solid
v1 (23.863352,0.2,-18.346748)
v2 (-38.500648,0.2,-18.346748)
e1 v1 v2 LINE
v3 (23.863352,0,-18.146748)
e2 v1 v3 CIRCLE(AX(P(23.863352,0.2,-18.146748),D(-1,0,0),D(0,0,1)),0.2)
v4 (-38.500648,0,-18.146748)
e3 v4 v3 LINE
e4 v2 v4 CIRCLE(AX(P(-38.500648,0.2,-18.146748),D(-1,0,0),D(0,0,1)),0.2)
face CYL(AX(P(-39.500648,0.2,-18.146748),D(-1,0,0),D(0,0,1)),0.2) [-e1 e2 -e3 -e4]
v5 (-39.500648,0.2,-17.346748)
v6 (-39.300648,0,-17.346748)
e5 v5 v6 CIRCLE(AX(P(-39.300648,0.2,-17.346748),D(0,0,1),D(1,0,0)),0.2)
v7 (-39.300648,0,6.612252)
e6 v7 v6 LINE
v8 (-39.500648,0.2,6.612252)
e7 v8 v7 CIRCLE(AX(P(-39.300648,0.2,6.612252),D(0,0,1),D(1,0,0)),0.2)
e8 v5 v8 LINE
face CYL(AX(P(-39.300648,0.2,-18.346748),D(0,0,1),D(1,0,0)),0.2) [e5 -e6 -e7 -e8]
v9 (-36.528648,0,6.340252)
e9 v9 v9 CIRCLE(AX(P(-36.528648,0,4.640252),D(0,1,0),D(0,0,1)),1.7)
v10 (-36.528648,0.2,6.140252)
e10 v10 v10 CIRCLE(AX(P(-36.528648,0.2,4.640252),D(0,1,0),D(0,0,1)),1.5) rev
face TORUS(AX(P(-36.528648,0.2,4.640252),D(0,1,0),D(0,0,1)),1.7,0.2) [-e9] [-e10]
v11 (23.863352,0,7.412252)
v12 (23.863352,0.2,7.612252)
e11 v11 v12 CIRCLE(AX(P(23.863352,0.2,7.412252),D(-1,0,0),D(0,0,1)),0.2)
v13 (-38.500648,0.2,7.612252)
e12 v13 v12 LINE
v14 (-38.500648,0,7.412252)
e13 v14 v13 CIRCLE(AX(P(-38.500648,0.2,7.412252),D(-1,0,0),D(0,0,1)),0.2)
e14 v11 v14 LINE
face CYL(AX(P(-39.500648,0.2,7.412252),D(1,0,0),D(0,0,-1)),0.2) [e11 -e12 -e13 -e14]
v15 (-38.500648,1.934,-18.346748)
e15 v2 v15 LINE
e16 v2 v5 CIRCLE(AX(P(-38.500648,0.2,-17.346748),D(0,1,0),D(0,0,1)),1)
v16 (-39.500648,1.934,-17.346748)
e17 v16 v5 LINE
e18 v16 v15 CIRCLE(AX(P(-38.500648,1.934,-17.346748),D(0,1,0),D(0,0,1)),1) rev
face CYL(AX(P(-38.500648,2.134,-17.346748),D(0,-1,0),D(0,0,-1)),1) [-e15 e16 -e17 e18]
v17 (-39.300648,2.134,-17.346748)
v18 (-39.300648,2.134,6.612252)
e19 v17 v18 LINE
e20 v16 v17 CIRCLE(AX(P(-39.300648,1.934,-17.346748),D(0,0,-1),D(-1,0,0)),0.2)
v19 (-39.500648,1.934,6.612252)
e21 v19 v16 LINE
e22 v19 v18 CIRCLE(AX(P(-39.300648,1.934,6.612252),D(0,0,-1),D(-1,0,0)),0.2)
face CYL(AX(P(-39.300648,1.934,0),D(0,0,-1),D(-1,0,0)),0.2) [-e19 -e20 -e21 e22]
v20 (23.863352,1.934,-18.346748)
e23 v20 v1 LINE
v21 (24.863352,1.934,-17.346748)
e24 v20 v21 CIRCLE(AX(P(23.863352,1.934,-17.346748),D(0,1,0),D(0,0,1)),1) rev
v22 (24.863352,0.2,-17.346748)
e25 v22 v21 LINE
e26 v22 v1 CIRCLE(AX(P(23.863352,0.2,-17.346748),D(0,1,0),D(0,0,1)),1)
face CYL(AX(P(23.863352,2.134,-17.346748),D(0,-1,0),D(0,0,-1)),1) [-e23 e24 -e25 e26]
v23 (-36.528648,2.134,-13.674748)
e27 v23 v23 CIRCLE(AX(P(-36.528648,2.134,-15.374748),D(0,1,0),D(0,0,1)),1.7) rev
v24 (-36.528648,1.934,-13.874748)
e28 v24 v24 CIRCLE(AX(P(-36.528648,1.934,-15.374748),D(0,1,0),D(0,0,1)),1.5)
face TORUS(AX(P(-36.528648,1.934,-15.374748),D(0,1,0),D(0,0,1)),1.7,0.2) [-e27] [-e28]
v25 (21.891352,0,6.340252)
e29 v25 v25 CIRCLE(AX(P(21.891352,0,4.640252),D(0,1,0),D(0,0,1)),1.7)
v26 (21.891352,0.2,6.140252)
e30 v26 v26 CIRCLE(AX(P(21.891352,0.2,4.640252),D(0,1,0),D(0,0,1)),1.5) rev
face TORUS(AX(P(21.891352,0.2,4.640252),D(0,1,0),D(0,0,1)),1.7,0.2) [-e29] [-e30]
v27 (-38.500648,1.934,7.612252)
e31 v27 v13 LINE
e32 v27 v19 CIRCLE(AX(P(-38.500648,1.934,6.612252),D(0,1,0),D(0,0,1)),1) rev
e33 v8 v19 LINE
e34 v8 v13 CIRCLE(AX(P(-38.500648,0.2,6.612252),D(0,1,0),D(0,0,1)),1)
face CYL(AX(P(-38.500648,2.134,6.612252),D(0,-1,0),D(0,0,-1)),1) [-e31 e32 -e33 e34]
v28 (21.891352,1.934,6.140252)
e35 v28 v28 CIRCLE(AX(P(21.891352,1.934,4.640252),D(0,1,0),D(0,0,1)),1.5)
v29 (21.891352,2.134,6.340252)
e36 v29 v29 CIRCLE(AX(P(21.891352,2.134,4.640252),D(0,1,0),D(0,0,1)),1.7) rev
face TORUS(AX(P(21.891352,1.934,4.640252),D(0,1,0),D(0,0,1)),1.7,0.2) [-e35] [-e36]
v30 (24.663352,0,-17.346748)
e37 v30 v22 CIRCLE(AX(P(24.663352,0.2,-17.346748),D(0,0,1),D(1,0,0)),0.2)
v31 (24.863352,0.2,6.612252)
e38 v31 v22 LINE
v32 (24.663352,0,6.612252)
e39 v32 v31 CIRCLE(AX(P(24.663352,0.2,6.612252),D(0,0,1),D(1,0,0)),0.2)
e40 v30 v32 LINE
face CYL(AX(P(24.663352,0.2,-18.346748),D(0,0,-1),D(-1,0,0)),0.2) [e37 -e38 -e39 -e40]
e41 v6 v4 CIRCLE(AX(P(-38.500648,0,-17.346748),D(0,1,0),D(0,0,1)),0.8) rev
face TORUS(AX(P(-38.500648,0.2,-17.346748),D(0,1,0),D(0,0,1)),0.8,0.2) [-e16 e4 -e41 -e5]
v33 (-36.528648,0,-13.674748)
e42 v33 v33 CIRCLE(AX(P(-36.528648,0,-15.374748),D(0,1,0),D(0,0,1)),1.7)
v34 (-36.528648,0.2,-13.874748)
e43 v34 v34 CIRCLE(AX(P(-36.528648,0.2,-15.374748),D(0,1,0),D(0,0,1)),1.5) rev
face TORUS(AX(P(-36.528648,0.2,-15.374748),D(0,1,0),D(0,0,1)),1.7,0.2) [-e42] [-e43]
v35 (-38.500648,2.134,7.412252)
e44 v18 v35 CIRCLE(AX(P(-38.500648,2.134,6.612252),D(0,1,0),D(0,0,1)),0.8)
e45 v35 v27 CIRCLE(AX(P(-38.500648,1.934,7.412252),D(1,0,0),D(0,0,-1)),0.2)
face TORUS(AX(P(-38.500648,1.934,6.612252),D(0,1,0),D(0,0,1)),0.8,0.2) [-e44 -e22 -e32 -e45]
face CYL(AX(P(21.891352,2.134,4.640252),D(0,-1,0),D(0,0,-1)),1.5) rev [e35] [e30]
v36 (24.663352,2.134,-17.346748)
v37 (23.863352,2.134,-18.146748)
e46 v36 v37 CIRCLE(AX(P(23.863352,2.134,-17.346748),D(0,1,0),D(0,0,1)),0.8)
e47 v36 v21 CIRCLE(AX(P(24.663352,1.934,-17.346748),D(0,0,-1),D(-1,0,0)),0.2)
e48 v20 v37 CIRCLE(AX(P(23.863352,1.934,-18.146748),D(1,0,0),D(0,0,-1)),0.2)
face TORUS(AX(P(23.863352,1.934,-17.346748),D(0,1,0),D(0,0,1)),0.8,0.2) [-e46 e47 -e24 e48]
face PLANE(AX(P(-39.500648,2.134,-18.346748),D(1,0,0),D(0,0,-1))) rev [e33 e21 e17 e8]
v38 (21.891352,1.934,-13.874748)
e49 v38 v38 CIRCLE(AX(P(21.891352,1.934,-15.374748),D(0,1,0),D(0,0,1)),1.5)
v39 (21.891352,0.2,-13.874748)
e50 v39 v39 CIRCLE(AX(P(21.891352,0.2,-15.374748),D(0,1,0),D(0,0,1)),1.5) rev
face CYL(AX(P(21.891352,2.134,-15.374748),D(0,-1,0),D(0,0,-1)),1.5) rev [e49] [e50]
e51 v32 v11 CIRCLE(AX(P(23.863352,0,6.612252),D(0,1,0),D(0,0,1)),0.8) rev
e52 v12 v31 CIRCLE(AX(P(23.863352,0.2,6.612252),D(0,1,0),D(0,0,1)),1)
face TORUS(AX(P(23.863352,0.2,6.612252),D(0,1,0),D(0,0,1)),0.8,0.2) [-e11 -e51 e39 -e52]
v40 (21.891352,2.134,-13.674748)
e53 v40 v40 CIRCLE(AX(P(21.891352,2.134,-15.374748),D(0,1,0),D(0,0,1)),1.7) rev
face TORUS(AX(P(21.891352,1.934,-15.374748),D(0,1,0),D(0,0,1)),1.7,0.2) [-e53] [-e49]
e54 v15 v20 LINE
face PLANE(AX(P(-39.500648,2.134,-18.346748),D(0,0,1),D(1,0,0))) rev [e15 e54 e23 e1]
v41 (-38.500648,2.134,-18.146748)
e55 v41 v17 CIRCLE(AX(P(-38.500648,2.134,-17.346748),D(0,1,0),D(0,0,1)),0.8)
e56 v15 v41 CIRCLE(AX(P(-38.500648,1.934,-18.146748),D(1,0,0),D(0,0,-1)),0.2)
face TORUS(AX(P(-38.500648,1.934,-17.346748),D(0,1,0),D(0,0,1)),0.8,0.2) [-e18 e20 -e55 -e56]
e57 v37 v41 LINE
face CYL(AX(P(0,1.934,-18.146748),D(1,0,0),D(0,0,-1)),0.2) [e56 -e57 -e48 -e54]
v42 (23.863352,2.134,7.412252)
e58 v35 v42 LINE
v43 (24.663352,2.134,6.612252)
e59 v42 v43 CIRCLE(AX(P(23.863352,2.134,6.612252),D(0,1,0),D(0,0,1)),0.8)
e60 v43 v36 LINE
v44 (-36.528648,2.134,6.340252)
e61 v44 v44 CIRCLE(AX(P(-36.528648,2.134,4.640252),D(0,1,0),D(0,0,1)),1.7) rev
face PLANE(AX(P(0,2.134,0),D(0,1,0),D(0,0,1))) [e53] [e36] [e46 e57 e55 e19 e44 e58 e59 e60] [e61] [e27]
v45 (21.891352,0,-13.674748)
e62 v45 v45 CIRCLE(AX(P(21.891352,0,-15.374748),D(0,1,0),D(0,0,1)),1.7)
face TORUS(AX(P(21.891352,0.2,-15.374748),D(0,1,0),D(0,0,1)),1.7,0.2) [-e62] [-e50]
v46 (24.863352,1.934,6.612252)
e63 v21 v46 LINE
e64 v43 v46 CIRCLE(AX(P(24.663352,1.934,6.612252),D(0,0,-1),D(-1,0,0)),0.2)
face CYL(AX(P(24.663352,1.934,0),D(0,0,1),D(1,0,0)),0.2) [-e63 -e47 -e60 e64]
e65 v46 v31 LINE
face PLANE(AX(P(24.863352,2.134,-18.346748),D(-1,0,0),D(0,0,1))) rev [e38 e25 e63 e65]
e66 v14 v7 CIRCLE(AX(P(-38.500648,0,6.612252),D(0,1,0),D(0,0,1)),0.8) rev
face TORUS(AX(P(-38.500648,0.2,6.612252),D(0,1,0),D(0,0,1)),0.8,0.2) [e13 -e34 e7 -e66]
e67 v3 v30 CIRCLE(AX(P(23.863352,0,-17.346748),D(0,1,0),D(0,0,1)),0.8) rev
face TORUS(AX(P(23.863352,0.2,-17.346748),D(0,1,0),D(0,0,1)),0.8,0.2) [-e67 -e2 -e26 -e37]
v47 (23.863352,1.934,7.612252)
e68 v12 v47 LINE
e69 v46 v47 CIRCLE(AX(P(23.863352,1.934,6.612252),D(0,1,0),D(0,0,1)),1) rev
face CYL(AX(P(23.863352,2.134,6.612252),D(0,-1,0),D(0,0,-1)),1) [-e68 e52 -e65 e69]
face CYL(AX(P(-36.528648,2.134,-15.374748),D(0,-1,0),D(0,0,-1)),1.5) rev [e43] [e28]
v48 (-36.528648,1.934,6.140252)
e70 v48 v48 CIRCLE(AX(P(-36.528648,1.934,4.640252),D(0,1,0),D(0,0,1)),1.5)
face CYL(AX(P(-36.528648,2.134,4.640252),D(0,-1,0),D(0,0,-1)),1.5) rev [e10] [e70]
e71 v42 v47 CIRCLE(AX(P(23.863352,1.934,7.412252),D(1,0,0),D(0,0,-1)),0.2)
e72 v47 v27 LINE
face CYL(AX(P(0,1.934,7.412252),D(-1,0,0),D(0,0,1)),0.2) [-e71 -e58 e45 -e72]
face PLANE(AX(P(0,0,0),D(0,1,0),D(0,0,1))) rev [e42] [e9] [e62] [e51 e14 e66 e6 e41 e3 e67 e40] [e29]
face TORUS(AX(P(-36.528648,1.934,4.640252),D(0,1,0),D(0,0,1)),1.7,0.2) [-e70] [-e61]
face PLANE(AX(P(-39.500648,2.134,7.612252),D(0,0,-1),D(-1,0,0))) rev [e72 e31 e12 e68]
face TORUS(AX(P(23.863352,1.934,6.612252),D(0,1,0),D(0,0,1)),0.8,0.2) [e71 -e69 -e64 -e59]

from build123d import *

# Parameters (mm, degrees)
SKETCH1_W           = 64.364
SKETCH1_H           = 25.959
BOSS_EXTRUDE1_DEPTH = 2.134
FILLET2_R           = 1
SKETCH2_R           = 1.5
CUT_EXTRUDE1_DEPTH  = 44.605714032
FILLET3_R           = 0.2


with BuildPart() as part:
    # Sketch1 → Boss-Extrude1 (new body)
    with BuildSketch(Plane(origin=(0, 0, 0), x_dir=(1, 0, 0), z_dir=(0, 1, 0))):
        with Locations((-7.318647975, 5.367247664)):
            Rectangle(SKETCH1_W, SKETCH1_H)
    extrude(amount=BOSS_EXTRUDE1_DEPTH)

    # Fillet2
    fillet2_edges = [part.edges().sort_by_distance(p)[0] for p in [
        (-39.500647975, 1.067, -18.346747664),
        (24.863352025, 1.067, -18.346747664),
        (24.863352025, 1.067, 7.612252336),
        (-39.500647975, 1.067, 7.612252336),
    ]]
    fillet(fillet2_edges, radius=FILLET2_R)

    # Sketch2 → Cut-Extrude1 (cut, through all)
    with BuildSketch(Plane.XZ):
        with Locations(Location((21.891352025, 4.640252336, 0), (0, 0, 270))):
            Circle(SKETCH2_R)
        with Locations(Location((21.891352025, -15.374747664, 0), (0, 0, 270))):
            Circle(SKETCH2_R)
        with Locations(Location((-36.528647975, -15.374747664, 0), (0, 0, 270))):
            Circle(SKETCH2_R)
        with Locations(Location((-36.528647975, 4.640252336, 0), (0, 0, 270))):
            Circle(SKETCH2_R)
    extrude(amount=-CUT_EXTRUDE1_DEPTH, mode=Mode.SUBTRACT)

    # Fillet3
    fillet3_edges = [part.edges().sort_by_distance(p)[0] for p in [
        (-39.500647975, 0, -5.367247664),
        (-39.500647975, 2.134, -5.367247664),
        (-7.318647975, 0, -18.346747664),
        (24.863352025, 0, -5.367247664),
        (-7.318647975, 0, 7.612252336),
        (24.570458806, 0, 7.319359118),
        (24.570458806, 0, -18.053854445),
        (-39.207754756, 0, 7.319359118),
        (-39.207754756, 0, -18.053854445),
        (-7.318647975, 2.134, -18.346747664),
        (-7.318647975, 2.134, 7.612252336),
        (24.863352025, 2.134, -5.367247664),
        (24.570458806, 2.134, 7.319359118),
        (24.570458806, 2.134, -18.053854445),
        (-39.207754756, 2.134, 7.319359118),
        (-39.207754756, 2.134, -18.053854445),
        (-36.528647975, 2.134, 6.140252336),
        (-36.528647975, 0, 6.140252336),
        (-36.528647975, 2.134, -13.874747664),
        (-36.528647975, 0, -13.874747664),
        (21.891352025, 2.134, -13.874747664),
        (21.891352025, 0, -13.874747664),
        (21.891352025, 2.134, 6.140252336),
        (21.891352025, 0, 6.140252336),
    ]]
    fillet(fillet3_edges, radius=FILLET3_R)


solid = part.part
